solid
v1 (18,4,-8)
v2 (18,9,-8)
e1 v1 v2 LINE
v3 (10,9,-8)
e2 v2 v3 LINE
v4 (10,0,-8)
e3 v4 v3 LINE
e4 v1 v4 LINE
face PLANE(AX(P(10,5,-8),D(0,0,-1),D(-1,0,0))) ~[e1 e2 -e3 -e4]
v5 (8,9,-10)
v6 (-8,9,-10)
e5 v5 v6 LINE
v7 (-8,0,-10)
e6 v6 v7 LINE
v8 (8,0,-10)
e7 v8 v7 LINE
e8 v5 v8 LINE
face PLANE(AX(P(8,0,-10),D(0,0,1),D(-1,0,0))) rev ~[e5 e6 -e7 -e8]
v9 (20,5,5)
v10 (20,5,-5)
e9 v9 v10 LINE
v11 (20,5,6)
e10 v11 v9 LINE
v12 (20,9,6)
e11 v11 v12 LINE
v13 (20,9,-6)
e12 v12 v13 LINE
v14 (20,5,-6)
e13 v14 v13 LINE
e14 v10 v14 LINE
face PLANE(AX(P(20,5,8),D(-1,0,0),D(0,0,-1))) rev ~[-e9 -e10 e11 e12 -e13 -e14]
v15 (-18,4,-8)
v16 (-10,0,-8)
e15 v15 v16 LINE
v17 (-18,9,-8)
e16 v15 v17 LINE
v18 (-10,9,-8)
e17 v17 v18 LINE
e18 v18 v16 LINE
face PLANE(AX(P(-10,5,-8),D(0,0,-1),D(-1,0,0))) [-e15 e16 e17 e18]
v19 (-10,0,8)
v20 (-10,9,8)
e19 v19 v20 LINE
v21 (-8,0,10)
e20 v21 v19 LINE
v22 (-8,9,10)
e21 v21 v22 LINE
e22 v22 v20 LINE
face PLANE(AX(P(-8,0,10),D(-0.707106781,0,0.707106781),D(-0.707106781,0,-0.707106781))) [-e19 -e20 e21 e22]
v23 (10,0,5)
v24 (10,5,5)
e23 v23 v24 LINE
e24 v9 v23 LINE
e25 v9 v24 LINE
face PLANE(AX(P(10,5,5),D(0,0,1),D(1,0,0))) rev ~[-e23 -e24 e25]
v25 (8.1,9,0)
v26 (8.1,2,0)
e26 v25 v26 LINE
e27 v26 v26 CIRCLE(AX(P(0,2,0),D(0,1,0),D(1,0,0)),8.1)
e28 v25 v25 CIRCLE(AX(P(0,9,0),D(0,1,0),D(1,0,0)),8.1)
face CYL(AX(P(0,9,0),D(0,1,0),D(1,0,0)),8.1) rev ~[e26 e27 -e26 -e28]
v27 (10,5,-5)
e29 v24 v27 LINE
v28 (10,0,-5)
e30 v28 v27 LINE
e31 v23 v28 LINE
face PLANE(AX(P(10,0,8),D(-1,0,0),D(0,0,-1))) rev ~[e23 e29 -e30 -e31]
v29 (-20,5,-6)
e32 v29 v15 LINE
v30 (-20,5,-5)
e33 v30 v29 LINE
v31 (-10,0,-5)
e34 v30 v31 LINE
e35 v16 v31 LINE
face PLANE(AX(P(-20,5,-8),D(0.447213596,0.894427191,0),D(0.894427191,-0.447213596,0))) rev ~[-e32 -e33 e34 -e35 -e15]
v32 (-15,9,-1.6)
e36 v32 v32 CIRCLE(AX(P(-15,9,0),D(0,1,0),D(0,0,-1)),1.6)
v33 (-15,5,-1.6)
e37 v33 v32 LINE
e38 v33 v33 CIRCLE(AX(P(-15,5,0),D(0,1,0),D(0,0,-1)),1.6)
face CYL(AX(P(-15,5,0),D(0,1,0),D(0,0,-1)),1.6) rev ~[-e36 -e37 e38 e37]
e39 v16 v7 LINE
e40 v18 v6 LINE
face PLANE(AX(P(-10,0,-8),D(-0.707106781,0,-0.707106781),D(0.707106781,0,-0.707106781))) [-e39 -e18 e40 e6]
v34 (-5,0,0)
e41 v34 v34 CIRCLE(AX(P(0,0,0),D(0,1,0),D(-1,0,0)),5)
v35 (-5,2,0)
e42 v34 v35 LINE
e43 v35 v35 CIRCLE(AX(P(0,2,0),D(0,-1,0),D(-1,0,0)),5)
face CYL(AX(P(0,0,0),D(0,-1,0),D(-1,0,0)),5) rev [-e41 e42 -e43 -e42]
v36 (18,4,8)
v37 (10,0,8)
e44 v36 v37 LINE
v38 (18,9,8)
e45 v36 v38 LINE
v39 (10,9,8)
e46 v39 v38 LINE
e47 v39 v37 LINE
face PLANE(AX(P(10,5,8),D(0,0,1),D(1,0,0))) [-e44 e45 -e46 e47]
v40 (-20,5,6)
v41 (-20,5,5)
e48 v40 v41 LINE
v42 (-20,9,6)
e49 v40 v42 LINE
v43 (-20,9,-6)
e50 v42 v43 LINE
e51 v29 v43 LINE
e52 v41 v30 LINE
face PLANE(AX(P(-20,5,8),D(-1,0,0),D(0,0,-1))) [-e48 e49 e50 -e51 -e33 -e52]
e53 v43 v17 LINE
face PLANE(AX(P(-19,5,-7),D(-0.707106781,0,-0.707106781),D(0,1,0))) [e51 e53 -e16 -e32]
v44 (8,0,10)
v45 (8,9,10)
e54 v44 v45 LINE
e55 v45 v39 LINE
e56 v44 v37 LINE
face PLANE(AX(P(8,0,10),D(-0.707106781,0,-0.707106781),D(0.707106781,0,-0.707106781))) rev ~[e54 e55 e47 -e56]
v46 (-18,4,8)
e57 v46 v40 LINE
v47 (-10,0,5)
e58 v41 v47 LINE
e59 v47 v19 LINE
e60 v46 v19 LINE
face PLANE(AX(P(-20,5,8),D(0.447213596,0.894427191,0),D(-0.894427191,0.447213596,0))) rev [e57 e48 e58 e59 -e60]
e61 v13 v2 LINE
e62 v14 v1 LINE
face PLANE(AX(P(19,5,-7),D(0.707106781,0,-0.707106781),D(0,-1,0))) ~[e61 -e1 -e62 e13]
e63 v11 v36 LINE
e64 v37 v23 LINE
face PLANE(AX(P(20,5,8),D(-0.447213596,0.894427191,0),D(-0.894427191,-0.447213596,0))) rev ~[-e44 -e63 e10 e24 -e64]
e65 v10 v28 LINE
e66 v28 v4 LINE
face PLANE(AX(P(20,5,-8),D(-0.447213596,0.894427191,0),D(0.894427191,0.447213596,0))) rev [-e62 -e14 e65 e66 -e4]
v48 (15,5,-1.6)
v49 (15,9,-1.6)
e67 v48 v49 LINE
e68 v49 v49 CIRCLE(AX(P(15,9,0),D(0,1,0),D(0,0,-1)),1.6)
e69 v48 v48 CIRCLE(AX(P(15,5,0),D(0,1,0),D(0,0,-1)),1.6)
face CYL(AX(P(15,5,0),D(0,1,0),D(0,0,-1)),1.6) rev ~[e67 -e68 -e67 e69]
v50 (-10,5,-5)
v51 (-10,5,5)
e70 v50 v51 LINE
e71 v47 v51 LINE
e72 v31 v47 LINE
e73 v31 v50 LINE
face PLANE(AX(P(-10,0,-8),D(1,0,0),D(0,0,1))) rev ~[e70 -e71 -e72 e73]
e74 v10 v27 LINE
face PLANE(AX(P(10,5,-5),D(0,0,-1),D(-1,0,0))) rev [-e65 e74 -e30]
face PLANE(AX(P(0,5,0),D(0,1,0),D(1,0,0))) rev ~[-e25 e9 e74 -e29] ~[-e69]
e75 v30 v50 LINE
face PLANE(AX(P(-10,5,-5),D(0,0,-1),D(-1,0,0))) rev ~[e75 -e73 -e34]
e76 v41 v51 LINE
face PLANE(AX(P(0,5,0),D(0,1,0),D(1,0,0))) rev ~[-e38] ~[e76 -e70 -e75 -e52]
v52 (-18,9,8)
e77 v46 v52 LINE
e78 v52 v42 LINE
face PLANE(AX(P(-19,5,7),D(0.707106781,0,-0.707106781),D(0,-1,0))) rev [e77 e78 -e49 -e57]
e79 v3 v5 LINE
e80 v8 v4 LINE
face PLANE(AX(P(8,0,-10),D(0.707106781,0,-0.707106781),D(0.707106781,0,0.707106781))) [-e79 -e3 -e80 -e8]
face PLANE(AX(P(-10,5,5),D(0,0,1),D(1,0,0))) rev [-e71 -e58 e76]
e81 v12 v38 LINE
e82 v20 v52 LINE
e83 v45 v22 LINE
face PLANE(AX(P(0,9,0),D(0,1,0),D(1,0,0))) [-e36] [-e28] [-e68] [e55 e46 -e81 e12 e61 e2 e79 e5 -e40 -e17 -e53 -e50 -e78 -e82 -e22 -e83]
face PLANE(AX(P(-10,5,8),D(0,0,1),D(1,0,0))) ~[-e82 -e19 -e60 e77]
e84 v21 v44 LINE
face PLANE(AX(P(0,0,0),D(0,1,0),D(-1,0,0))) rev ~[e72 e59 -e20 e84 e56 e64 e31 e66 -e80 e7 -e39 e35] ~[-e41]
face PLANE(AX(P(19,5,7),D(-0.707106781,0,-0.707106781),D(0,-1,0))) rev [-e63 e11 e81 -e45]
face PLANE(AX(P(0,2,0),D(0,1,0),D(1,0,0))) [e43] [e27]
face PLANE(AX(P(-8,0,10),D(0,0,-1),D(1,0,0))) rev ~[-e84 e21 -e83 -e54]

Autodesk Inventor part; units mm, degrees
ref_plane "YZ Plane" through (0, 0, 0) normal (1, 0, 0) x (0, 1, 0)
ref_plane "XZ Plane" through (0, 0, 0) normal (0, 1, 0) x (-1, 0, 0)
ref_plane "XY Plane" through (0, 0, 0) normal (0, 0, 1) x (1, 0, 0)
sketch "Эскиз1" plane through (0, 0, 0) normal (0, 1, 0) x (-1, 0, 0)
  circle A0 centre (0, 0) radius 5
  line L0 (8, 10) -> (-8, 10)
  line L1 (-10, 8) -> (-10, -8)
  line L2 (-8, -10) -> (8, -10)
  line L3 (10, -8) -> (10, 8)
  circle A1 centre (0, 0) radius 8 construction
  line L4 (8, 10) -> (10, 8)
  line L5 (10, -8) -> (8, -10)
  line L6 (-8, -10) -> (-10, -8)
  line L7 (-8, 10) -> (-10, 8)
  point P0 (10, 10)
  point P1 (-10, -10)
  point P2 (-10, 10)
  point P3 (10, -10)
  point P4 (0, -10)
  point P5 (10, 0)
  dimension "d0" = 10
  dimension "d3" = 16
  dimension "d4" = 20
  dimension "d5" = 20
  dimension "d6" = 2
  dimension "d7" = 2
  dimension "d8" = 2
  dimension "d9" = 2
  dimension "d10" = 2
  dimension "d11" = 2
  dimension "d12" = 2
  dimension "d13" = 2
extrude "Выдавливание1" add sketch "Эскиз1" along normal blind 5
sketch "Эскиз4" plane through (0, 5, 0) normal (0, 1, 0) x (1, 0, 0)
  line L0 (12.8246, 0) -> (14.4123, 2.75) construction
  line L1 (14.4123, 2.75) -> (17.5877, 2.75) construction
  line L2 (17.5877, 2.75) -> (19.1754, 0) construction
  line L3 (19.1754, 0) -> (17.5877, -2.75) construction
  line L4 (17.5877, -2.75) -> (14.4123, -2.75) construction
  line L5 (14.4123, -2.75) -> (12.8246, 0) construction
  line L6 (10, -8) -> (20, -8)
  line L7 (20, -8) -> (20, 8)
  line L8 (20, 8) -> (10, 8)
  line L9 (8, -10) -> (10, -8) projected
  line L10 (10, -8) -> (8, -10)
  line L11 (8, -10) -> (0, -10)
  line L12 (8, -10) -> (-8, -10) projected
  line L13 (8, 10) -> (0, 10)
  line L14 (8, 10) -> (-8, 10) projected
  line L15 (10, 8) -> (8, 10) projected
  line L16 (10, 8) -> (8, 10)
  line L17 (0, -18.8546) -> (0, 18.8546)
  line L18 (-12.8246, 0) -> (-14.4123, 2.75) construction
  line L19 (-14.4123, 2.75) -> (-17.5877, 2.75) construction
  line L20 (-17.5877, 2.75) -> (-19.1754, 0) construction
  line L21 (-19.1754, 0) -> (-17.5877, -2.75) construction
  line L22 (-17.5877, -2.75) -> (-14.4123, -2.75) construction
  line L23 (-14.4123, -2.75) -> (-12.8246, 0) construction
  line L24 (-10, -8) -> (-20, -8)
  line L25 (-20, -8) -> (-20, 8)
  line L26 (-20, 8) -> (-10, 8)
  line L27 (-8, -10) -> (-10, -8)
  line L28 (-10, -8) -> (-8, -10)
  line L29 (-8, -10) -> (0, -10)
  line L30 (-8, 10) -> (0, 10)
  line L31 (-10, 8) -> (-8, 10)
  line L32 (-10, 8) -> (-8, 10)
  point P0 (0, 0)
  point P1 (16, 0)
  point P2 (0, 0)
  point P3 (-16, 0)
  dimension "d17" = 5.5
  dimension "d18" = 16
  dimension "d19" = 10
extrude "Выдавливание2" add sketch "Эскиз4" along normal blind 4
sketch "Эскиз7" plane through (0, 9, 0) normal (0, 1, 0) x (1, 0, 0)
  circle A0 centre (0, 0) radius 8.1
  dimension "d26" = 16.2
extrude "Выдавливание4" cut sketch "Эскиз7" against normal blind 7
sketch "Эскиз10" plane through (-10, 5, -8) normal (0, 0, -1) x (-1, 0, 0)
  line L0 (10, 0) -> (10, 4) projected
  line L1 (-2, -5) -> (0, -5) projected
  line L2 (10, 0) -> (0, -5)
  line L3 (0, -5) -> (0, 0)
  line L4 (10, 0) -> (0, 0) projected
  line L5 (0, 0) -> (10, 0)
  point P0 (-10, -5)
extrude "Выдавливание5" add sketch "Эскиз10" against normal blind 3
mirror "Зеркальное отражение1" about plane through (0, 0, 0) normal (0, 0, 1) of "Выдавливание5"
mirror "Зеркальное отражение2" about plane through (0, 0, 0) normal (1, 0, 0) of "Выдавливание5", "Зеркальное отражение1"
chamfer "Фаска1" distance 2 angle 45 4 edges at (-20, 7, -8) (20, 7, -8) (20, 7, 8) (-20, 7, 8)
sketch "Эскиз11" plane through (0, 5, 0) normal (0, -1, 0) x (1, 0, 0)
  point P0 (0, 0)
  point P1 (15, 0)
  point P2 (-15, 0)
  dimension "d48" = 30
  dimension "d49" = 15
hole "Отверстие2" at (15, 5, 0) at (-15, 5, 0) direction (0, 1, 0) diameter 3.2 end through all
equation "\"d7\" = d6"
equation "\"d8\" = d6"
equation "\"d9\" = d8"
equation "\"d10\" = d6"
equation "\"d11\" = d10"
equation "\"d12\" = d6"
equation "\"d13\" = d12"
properties part number "Sharrnir"
